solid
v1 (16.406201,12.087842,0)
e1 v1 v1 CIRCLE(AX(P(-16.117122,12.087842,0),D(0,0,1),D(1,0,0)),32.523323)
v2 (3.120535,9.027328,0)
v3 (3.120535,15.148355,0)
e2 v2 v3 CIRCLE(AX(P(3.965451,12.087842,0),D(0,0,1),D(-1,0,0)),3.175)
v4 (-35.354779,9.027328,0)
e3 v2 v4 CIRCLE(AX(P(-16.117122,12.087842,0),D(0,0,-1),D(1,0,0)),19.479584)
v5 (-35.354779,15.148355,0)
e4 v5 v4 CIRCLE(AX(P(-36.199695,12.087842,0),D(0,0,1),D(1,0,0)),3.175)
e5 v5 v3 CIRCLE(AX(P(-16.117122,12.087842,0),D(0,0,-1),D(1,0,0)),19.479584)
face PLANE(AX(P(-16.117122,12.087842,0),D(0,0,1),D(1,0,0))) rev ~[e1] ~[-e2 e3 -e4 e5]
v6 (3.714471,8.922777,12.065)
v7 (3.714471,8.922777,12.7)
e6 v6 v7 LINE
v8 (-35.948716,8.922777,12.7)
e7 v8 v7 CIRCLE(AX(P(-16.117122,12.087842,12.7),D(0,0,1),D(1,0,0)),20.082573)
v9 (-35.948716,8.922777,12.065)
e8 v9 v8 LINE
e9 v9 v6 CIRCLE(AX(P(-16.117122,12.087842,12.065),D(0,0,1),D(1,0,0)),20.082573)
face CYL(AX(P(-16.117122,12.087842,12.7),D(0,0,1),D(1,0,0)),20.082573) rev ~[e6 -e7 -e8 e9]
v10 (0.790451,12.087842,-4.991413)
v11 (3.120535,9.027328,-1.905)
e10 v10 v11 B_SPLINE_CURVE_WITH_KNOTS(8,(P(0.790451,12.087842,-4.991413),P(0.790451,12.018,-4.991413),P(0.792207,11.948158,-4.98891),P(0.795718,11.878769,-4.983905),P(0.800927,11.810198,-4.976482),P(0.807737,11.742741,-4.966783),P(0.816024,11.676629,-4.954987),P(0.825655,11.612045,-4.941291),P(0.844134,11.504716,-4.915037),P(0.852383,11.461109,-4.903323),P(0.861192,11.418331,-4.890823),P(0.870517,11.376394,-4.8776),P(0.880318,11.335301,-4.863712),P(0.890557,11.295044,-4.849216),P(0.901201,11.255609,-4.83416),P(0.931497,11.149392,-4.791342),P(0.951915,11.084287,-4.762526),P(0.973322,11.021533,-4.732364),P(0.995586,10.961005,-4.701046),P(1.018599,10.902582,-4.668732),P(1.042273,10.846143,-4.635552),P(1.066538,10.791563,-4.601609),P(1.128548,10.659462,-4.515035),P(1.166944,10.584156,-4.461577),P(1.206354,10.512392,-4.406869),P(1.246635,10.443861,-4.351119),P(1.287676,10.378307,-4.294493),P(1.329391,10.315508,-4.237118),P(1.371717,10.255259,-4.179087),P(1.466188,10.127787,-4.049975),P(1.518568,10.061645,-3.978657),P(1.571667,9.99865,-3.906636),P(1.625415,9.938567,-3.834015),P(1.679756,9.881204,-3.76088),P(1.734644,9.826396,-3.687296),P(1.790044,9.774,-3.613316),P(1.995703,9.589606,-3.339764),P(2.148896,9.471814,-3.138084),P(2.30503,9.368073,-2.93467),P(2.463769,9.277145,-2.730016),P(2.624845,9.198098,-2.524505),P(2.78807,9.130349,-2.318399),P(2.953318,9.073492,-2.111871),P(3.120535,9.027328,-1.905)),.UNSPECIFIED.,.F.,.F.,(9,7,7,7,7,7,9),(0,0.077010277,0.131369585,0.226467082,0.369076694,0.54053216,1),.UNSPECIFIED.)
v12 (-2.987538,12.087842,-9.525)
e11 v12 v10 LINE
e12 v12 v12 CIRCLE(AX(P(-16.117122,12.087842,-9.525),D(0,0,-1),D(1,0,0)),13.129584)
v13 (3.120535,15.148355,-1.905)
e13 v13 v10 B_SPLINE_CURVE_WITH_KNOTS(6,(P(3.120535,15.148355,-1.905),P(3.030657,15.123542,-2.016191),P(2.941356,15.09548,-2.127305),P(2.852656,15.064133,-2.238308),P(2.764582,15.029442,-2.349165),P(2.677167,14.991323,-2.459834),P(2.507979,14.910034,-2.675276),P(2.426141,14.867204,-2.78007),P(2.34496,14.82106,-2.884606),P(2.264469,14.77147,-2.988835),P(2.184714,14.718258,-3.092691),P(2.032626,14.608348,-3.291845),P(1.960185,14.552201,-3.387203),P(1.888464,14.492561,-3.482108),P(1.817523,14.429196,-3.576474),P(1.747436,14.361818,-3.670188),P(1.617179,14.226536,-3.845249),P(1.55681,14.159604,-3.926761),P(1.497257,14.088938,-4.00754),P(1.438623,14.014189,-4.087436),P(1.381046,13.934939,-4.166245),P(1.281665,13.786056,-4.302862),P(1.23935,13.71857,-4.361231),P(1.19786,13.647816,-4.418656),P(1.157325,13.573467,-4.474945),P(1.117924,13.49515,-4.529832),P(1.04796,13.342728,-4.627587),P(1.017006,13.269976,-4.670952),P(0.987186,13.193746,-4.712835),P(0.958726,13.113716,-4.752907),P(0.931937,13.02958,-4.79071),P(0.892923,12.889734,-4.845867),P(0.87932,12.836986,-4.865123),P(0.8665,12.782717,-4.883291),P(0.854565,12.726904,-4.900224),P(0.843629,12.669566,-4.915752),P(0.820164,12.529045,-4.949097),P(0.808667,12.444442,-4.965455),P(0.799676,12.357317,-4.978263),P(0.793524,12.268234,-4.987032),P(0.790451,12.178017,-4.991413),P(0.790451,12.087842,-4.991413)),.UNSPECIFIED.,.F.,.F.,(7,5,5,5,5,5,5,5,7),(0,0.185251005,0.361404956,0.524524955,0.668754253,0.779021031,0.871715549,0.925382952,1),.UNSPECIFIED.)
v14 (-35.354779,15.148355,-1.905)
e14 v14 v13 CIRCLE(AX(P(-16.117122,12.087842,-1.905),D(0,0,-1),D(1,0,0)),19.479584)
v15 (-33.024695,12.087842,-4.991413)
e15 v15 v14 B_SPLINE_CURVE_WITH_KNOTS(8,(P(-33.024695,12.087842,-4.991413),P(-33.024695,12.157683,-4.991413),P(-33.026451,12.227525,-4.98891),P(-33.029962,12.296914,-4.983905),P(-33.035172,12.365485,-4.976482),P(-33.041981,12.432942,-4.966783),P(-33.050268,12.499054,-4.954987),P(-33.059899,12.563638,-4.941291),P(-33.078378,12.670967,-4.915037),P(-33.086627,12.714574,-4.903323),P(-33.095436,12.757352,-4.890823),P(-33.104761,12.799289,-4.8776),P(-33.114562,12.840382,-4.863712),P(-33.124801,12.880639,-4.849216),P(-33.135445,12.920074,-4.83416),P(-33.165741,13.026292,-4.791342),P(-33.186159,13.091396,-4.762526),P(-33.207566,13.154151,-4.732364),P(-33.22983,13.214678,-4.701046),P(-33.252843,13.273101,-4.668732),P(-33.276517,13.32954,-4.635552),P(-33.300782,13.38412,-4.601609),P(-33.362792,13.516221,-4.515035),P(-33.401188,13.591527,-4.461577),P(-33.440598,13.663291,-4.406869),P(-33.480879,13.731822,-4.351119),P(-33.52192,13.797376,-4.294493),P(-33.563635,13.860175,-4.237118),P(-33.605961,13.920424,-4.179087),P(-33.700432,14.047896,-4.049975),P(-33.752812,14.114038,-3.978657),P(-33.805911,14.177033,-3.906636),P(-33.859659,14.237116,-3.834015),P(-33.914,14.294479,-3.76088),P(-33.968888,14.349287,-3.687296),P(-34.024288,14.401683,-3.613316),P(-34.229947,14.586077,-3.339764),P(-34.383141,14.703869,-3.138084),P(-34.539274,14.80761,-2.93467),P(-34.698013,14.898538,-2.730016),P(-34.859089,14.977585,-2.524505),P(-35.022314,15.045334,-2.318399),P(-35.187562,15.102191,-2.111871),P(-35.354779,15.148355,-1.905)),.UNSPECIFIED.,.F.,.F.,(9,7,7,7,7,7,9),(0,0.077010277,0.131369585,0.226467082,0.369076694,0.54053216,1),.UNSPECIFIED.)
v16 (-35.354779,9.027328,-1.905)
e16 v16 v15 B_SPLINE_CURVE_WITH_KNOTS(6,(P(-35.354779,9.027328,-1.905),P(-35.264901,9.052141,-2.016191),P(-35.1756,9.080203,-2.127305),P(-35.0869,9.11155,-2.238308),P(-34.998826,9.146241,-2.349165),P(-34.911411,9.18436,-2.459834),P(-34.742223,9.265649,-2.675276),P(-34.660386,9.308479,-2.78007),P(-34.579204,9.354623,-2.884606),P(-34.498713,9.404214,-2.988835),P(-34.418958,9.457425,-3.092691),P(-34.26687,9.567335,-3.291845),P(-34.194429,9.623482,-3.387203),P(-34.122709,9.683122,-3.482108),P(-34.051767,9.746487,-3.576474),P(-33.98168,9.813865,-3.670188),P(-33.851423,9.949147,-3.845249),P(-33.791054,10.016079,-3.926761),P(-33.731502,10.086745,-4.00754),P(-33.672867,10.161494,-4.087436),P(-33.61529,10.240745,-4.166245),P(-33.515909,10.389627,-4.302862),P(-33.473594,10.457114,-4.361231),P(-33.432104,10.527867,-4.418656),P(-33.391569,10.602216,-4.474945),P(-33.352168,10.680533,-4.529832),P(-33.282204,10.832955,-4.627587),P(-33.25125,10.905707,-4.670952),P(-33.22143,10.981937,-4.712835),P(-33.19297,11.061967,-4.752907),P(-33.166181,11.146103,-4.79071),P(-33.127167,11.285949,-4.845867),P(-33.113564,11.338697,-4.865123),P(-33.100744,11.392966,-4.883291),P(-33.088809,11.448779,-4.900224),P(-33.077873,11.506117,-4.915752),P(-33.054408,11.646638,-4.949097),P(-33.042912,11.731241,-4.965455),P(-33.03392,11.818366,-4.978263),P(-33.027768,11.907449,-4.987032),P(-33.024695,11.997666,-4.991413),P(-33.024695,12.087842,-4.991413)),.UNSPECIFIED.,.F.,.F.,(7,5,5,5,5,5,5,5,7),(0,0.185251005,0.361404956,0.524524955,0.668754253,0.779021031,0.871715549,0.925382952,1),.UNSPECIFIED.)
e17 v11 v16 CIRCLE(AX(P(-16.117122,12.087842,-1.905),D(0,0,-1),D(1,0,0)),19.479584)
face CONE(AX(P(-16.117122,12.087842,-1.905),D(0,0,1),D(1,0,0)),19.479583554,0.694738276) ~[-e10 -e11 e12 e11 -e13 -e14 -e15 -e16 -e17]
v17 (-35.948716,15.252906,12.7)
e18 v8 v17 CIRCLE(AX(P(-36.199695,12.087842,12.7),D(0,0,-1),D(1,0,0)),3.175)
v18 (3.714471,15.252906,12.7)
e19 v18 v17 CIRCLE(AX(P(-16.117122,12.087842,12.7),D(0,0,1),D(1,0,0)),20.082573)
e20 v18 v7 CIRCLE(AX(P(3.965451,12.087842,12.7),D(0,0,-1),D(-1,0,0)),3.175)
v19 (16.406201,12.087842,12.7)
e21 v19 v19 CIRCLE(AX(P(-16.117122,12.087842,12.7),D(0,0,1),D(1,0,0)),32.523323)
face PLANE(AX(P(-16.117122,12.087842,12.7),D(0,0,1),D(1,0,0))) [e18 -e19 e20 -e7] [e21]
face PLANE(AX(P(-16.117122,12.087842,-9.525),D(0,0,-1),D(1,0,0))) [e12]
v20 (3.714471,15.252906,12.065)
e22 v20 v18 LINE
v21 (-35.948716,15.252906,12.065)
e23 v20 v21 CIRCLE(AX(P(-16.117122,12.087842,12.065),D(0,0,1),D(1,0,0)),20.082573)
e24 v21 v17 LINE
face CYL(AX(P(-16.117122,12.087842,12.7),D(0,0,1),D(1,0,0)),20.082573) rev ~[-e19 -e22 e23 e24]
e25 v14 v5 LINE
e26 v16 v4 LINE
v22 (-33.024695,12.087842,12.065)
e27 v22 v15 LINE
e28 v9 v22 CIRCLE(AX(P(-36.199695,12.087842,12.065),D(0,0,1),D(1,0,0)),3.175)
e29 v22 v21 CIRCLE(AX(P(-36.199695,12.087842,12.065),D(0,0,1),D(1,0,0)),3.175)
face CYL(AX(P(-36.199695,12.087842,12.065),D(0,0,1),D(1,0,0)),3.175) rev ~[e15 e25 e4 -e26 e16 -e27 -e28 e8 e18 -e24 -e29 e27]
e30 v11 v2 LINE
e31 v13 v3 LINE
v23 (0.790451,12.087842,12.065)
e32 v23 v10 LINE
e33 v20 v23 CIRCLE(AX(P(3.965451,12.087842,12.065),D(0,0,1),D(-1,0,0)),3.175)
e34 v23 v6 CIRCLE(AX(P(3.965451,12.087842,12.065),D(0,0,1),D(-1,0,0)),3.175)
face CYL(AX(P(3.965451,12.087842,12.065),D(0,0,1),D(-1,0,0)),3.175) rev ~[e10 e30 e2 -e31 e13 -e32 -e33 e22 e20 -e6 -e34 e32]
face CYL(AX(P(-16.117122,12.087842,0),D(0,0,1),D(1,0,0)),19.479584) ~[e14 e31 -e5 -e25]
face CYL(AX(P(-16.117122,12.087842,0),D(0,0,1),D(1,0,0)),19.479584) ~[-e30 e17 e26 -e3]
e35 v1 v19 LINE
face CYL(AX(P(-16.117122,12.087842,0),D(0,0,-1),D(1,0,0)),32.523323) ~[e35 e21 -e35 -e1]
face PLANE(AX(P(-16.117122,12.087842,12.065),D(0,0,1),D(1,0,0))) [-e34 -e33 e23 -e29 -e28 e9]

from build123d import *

# Parameters (mm, degrees)
F0_R     = 32.5233232703
F1_DEPTH = 12.7
F2_R     = 19.4795835543
F3_DEPTH = 9.525
F4_SIZE2 = 7.62
F4_SIZE  = 6.35
F5_R     = 20.082572942
F6_DEPTH = 0.635
F8_DEPTH = 21.591
F9_DEPTH = 19.304


with BuildPart() as f1:
    # F0 (on Top) → F1 (new body)
    with BuildSketch(Plane.XY):
        with Locations((-16.1171220243, 12.0878415182)):
            Circle(F0_R)
    extrude(amount=F1_DEPTH)

    # F2 (on face) → F3 (join)
    with BuildSketch(Plane(origin=(0, 0, 0), x_dir=(1, 0, 0), z_dir=(0, 0, -1))):
        with Locations((-16.1171220243, -12.0878415182)):
            Circle(F2_R)
    extrude(amount=F3_DEPTH)

    # F4
    f4_edges = [f1.edges().sort_by_distance(p)[0] for p in [
        (-35.596706, 12.087842, -9.525),
    ]]
    f4_side = f1.faces().sort_by_distance((-16.117122, 12.087842, -9.525))[0]
    chamfer(f4_edges, length=F4_SIZE, length2=F4_SIZE2, reference=f4_side)

    # F5 (on face) → F6 (cut)
    with BuildSketch(Plane.XY.offset(12.7)):
        with Locations((-16.1171220243, 12.0878415182)):
            Circle(F5_R)
    extrude(amount=-F6_DEPTH, mode=Mode.SUBTRACT)

    # F7 (on face) → F8 (cut, through all)
    with BuildSketch(Plane.XY.offset(12.065)):
        with BuildLine():
            ThreePointArc((-39.3746949662, 12.0878415182), (-36.1996949662, 8.9128415182), (-33.0246949662, 12.0878415182))
            Line((-33.0246949662, 12.0878415182), (-39.3746949662, 12.0878415182))
        make_face()
        with BuildLine():
            Line((-39.3746949662, 12.0878415182), (-33.0246949662, 12.0878415182))
            ThreePointArc((-33.0246949662, 12.0878415182), (-36.1996949662, 15.2628415182), (-39.3746949662, 12.0878415182))
        make_face()
        with BuildLine():
            ThreePointArc((7.1404509177, 12.0878415182), (3.9654509177, 15.2628415182), (0.7904509177, 12.0878415182))
            Line((0.7904509177, 12.0878415182), (7.1404509177, 12.0878415182))
        make_face()
        with BuildLine():
            Line((7.1404509177, 12.0878415182), (0.7904509177, 12.0878415182))
            ThreePointArc((0.7904509177, 12.0878415182), (3.9654509177, 8.9128415182), (7.1404509177, 12.0878415182))
        make_face()
    extrude(amount=-F8_DEPTH, mode=Mode.SUBTRACT)

    # F7 (on face) → F9 (cut)
    with BuildSketch(Plane.XY.offset(12.065)):
        with BuildLine():
            ThreePointArc((-39.3746949662, 12.0878415182), (-36.1996949662, 8.9128415182), (-33.0246949662, 12.0878415182))
            Line((-33.0246949662, 12.0878415182), (-39.3746949662, 12.0878415182))
        make_face()
        with BuildLine():
            Line((-39.3746949662, 12.0878415182), (-33.0246949662, 12.0878415182))
            ThreePointArc((-33.0246949662, 12.0878415182), (-36.1996949662, 15.2628415182), (-39.3746949662, 12.0878415182))
        make_face()
        with BuildLine():
            ThreePointArc((7.1404509177, 12.0878415182), (3.9654509177, 15.2628415182), (0.7904509177, 12.0878415182))
            Line((0.7904509177, 12.0878415182), (7.1404509177, 12.0878415182))
        make_face()
        with BuildLine():
            Line((7.1404509177, 12.0878415182), (0.7904509177, 12.0878415182))
            ThreePointArc((0.7904509177, 12.0878415182), (3.9654509177, 8.9128415182), (7.1404509177, 12.0878415182))
        make_face()
    extrude(amount=F9_DEPTH, mode=Mode.SUBTRACT)


solid = f1.part
